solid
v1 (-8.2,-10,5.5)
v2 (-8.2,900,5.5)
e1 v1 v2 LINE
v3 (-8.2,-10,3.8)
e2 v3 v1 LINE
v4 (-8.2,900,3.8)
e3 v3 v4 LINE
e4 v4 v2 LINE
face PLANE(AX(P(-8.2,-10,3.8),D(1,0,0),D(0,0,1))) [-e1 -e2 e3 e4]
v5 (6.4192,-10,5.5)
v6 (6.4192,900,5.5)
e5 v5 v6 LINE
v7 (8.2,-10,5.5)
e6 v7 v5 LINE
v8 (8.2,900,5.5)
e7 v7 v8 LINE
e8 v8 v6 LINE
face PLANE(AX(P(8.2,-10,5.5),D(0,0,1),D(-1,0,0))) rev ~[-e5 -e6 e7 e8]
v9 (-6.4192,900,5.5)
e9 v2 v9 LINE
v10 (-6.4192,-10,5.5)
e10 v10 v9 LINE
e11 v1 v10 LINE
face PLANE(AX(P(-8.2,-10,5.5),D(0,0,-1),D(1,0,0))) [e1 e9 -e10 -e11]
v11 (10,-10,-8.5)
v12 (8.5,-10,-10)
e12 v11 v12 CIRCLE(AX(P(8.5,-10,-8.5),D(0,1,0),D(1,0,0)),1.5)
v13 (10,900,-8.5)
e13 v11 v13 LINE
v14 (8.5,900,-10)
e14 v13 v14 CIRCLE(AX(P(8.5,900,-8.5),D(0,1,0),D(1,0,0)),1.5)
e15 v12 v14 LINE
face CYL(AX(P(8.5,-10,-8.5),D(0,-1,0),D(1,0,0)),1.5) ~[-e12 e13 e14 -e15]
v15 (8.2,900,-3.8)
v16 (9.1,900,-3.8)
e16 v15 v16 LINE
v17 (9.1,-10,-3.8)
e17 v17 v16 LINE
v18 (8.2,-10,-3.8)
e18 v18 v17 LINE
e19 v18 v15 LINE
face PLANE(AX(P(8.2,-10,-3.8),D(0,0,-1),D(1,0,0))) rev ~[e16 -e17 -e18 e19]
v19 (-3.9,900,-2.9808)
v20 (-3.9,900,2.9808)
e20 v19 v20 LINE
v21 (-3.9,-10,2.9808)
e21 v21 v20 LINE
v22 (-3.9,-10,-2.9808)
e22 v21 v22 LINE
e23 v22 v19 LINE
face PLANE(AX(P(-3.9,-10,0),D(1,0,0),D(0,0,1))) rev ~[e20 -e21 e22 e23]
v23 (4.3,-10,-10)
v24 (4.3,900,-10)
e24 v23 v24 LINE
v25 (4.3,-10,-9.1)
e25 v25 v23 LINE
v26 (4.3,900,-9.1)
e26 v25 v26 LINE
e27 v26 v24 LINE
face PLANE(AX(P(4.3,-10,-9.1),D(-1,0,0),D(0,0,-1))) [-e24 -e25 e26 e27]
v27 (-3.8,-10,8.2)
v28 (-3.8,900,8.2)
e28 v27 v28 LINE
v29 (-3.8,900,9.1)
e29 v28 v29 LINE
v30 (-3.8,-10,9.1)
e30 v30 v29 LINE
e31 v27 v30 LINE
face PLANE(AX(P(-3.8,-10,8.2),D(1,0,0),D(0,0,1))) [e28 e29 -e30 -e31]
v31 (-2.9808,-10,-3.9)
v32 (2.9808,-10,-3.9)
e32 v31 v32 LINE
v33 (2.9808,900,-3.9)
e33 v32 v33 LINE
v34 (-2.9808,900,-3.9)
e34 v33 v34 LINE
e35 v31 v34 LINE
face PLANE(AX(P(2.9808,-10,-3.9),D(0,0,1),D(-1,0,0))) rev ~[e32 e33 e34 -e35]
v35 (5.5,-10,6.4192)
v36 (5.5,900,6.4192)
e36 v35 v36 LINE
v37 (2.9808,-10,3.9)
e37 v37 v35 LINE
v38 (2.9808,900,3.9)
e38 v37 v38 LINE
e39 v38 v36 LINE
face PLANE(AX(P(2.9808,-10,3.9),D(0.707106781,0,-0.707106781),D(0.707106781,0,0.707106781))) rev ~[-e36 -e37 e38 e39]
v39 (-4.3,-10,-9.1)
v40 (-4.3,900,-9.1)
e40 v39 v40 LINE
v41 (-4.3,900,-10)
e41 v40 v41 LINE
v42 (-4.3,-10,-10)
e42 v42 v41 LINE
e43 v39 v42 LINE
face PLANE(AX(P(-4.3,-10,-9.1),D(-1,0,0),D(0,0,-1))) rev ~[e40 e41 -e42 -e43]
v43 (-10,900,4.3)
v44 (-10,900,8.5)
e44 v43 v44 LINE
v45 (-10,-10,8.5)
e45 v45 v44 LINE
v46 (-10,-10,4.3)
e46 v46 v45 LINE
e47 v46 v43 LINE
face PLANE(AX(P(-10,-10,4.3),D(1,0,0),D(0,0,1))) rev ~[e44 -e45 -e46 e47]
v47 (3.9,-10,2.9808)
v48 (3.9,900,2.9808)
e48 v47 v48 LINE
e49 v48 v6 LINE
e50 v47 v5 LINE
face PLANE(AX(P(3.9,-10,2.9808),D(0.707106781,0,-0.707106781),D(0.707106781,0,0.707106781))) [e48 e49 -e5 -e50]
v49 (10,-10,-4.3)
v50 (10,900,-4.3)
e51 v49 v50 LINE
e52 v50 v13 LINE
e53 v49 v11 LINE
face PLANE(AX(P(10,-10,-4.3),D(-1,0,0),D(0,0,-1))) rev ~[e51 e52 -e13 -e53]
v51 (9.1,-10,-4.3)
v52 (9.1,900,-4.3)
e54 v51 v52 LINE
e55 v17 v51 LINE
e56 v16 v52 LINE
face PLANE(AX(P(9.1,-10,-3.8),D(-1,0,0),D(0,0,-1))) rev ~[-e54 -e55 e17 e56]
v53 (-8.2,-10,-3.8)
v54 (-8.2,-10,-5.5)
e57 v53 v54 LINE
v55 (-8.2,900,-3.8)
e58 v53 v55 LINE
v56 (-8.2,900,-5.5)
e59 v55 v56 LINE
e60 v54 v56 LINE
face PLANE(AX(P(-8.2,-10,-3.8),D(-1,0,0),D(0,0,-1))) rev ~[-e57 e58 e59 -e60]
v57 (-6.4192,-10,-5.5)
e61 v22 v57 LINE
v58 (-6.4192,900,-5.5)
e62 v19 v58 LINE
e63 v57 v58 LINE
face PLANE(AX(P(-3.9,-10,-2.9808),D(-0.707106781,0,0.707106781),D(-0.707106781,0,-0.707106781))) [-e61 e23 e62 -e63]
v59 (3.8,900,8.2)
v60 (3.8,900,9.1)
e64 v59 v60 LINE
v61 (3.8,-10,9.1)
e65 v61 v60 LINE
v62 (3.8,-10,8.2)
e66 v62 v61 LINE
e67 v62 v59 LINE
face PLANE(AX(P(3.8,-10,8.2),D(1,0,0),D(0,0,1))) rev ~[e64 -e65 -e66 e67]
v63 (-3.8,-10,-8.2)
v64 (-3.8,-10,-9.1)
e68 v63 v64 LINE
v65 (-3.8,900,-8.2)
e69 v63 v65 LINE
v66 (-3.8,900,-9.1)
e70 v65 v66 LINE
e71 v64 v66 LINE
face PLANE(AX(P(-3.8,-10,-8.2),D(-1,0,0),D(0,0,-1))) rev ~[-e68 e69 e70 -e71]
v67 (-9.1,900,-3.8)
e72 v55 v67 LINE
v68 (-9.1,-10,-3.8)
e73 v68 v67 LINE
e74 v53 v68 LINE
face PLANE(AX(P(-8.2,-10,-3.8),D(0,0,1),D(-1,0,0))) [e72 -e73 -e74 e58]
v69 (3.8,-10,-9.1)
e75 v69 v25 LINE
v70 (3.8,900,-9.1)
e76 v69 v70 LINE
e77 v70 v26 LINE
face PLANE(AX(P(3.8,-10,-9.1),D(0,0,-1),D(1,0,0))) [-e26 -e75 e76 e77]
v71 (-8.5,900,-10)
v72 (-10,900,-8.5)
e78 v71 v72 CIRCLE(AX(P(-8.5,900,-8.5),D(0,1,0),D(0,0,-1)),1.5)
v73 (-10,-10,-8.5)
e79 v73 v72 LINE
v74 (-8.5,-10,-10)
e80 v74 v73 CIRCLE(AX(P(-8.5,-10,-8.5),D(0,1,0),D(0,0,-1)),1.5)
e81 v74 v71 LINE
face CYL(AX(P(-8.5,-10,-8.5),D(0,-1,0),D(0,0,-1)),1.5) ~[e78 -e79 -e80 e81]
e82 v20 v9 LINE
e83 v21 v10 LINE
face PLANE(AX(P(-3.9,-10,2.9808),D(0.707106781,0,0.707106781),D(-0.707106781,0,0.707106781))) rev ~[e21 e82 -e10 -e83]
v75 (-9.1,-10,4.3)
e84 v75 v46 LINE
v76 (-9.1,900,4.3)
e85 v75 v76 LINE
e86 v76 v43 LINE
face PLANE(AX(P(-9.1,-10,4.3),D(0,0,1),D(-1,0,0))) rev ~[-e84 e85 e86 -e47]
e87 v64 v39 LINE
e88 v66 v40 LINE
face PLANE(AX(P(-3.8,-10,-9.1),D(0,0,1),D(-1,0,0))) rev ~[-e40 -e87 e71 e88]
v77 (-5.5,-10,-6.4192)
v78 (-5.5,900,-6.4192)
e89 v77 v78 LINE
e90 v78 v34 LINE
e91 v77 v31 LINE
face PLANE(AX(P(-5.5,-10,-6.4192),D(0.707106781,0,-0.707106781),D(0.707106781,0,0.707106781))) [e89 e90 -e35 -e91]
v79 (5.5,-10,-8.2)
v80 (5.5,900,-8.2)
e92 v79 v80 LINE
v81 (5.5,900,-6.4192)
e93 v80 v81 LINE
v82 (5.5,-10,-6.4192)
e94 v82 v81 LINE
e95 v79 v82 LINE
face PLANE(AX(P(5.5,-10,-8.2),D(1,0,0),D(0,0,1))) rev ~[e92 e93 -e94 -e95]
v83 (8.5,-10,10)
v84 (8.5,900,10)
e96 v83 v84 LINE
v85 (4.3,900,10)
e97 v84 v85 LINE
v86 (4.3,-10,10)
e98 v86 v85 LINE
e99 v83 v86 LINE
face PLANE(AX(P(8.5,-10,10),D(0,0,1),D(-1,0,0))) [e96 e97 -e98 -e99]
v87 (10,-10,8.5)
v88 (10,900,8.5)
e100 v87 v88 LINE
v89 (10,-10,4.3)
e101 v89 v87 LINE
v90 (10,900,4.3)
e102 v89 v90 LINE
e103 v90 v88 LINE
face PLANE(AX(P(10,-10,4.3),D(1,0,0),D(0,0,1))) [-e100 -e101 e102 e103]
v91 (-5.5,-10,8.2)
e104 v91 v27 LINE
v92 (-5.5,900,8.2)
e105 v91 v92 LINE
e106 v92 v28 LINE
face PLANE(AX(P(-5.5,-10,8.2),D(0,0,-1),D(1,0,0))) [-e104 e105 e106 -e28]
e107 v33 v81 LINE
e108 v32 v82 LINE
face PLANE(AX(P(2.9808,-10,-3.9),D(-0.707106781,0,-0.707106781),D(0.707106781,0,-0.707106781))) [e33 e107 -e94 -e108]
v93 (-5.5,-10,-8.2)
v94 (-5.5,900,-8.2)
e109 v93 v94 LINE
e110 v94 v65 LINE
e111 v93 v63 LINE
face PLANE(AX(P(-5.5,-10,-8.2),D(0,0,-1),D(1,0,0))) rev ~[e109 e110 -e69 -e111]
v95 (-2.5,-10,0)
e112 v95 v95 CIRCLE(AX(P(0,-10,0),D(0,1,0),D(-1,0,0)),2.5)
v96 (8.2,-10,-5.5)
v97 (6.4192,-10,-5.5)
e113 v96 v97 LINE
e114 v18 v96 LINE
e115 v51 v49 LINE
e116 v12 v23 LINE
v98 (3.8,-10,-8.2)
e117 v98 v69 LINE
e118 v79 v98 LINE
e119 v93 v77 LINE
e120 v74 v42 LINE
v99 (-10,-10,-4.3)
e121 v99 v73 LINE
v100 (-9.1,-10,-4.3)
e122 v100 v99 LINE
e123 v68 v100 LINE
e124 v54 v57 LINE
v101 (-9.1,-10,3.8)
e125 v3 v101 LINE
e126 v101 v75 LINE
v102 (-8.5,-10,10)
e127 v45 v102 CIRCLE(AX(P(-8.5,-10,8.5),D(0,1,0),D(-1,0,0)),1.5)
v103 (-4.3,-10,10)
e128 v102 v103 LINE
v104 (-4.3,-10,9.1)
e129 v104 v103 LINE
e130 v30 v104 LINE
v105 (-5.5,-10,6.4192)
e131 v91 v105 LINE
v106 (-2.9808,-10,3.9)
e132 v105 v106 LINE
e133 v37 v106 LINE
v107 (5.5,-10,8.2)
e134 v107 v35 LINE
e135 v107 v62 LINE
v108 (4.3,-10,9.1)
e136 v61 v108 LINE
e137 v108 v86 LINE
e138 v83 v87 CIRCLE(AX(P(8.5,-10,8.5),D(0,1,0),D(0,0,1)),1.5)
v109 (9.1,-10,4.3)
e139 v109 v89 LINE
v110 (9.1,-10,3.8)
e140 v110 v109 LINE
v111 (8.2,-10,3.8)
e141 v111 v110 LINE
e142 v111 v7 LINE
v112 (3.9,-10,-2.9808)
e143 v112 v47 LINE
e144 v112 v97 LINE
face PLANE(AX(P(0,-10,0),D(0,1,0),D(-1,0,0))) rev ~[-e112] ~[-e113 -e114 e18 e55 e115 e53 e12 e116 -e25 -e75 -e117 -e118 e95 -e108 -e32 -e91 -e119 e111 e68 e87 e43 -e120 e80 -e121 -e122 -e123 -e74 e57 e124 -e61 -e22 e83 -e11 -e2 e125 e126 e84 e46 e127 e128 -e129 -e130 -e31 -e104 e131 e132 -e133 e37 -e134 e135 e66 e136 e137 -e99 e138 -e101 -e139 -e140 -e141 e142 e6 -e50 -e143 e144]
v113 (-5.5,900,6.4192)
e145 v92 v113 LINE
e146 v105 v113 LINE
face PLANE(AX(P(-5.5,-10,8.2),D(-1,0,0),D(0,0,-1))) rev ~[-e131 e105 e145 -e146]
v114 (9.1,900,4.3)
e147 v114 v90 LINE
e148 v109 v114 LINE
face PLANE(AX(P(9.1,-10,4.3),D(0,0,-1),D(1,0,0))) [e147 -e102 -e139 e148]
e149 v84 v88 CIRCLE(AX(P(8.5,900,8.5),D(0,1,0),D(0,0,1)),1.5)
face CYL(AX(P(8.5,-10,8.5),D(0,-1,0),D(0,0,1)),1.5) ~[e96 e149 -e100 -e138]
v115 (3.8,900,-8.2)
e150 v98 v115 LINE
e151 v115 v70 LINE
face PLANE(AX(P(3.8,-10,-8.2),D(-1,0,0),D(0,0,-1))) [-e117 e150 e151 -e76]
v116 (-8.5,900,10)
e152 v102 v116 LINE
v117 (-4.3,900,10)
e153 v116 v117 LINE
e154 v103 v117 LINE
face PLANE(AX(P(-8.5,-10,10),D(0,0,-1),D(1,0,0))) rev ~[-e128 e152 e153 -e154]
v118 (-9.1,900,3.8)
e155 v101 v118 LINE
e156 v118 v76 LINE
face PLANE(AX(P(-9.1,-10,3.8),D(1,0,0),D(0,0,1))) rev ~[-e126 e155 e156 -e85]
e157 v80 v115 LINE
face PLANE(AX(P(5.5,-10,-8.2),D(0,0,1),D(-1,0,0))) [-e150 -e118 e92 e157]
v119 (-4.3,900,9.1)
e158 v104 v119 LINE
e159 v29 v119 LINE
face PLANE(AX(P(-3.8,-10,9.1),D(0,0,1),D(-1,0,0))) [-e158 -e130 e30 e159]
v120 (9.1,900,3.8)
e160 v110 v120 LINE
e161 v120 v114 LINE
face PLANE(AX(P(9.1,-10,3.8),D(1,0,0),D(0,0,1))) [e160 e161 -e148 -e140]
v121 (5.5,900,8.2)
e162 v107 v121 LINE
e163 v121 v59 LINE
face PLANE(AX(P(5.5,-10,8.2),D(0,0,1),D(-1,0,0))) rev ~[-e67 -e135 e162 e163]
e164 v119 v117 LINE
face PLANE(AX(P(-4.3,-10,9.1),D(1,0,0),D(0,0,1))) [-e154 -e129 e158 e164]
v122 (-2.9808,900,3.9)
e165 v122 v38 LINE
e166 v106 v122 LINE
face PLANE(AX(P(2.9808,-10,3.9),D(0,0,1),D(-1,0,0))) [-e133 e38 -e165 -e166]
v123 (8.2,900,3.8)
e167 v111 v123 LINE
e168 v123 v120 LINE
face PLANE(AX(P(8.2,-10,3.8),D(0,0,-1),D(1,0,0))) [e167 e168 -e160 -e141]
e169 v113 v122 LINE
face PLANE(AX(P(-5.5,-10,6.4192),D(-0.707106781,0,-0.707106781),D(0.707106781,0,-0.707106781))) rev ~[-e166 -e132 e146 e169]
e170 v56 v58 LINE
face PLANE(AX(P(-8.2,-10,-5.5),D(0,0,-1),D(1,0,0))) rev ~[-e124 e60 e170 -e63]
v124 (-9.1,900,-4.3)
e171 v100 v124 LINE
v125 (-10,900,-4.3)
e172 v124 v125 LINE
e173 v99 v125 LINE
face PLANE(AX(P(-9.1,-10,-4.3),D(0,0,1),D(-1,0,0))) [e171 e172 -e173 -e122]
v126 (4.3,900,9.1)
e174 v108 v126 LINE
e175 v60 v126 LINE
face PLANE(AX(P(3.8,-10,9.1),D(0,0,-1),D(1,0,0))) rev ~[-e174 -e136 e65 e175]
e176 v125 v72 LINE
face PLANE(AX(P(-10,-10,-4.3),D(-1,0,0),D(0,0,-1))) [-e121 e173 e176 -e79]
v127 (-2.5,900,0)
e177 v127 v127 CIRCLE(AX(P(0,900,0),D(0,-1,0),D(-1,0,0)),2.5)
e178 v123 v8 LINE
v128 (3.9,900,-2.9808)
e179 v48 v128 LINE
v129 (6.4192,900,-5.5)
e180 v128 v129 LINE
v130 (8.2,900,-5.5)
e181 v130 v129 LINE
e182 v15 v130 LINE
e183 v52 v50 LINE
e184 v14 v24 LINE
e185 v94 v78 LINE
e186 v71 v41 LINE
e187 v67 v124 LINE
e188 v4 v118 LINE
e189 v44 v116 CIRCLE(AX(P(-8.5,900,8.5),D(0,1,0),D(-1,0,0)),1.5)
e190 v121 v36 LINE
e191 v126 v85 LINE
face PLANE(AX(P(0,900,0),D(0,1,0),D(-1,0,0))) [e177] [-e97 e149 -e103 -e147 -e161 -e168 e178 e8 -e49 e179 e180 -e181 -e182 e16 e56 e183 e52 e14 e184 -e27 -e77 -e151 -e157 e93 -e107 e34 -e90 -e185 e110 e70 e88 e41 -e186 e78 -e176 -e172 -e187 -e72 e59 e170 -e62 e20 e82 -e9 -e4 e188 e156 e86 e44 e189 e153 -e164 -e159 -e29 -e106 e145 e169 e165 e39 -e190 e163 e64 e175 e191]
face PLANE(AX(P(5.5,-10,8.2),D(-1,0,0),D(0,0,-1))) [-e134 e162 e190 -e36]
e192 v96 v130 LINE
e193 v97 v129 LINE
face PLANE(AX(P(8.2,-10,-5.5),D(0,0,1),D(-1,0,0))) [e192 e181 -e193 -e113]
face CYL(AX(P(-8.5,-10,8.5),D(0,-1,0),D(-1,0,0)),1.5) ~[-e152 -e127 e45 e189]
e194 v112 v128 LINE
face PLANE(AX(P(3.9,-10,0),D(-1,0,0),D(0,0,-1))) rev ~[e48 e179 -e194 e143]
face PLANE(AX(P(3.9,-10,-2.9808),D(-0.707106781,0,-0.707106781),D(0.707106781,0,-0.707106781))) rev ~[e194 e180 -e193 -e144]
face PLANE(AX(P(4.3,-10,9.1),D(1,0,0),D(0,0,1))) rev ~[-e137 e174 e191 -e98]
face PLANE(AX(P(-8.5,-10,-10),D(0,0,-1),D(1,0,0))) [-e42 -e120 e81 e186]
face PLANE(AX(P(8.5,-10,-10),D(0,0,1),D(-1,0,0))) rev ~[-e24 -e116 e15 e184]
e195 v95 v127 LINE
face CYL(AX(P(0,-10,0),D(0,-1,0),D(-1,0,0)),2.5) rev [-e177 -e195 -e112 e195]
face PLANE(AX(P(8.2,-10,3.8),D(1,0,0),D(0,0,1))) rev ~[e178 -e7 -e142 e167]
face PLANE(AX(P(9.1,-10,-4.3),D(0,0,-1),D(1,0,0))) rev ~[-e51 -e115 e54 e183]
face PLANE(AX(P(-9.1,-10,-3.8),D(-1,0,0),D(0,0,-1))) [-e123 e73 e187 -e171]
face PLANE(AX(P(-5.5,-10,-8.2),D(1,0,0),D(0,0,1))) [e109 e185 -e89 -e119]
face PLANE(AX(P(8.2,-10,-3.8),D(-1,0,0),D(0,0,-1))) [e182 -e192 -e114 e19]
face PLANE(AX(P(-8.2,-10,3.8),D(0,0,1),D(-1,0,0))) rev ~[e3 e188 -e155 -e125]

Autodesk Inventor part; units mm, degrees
ref_plane "起始平面" through (0, -10, 0) normal (0, 1, 0) x (-1, 0, 0)
ref_plane "终止平面" through (0, 900, 0) normal (0, 1, 0) x (-1, 0, 0)
sketch "草图" plane through (0, 0, 0) normal (0, 1, 0) x (-1, 0, 0)
  line L0 (-9.1, 10.0192) -> (-9.101, 10.0203)
  line L1 (-10, 10) -> (-9.5607, 9.5607) construction
  arc A0 (-8.5, 10) -> (-10, 8.5) centre (-8.5, 8.5) ccw
  circle A1 centre (0, 0) radius 2.5
  line L2 (-2.9808, 3.9) -> (0, 3.9)
  line L3 (-3.9, 0) -> (-3.9, 2.9808)
  line L4 (-2.5, 0) -> (-3.1, 0)
  line L5 (2.9808, 3.9) -> (0, 3.9)
  circle A2 centre (0, 0) radius 2.5
  circle A3 centre (0, 0) radius 2.5
  circle A4 centre (0, 0) radius 2.5
  line L6 (0, 16.3557) -> (0, -12.0006)
  line L7 (-4.3, 9.1) -> (-4.3, 10)
  line L8 (2.9808, -3.9) -> (0, -3.9)
  line L9 (-3.9, 0) -> (-3.9, -2.9808)
  line L10 (3.9, 0) -> (3.9, -2.9808)
  line L11 (-2.9808, -3.9) -> (-5.5, -6.4192)
  line L12 (-2.9808, -3.9) -> (0, -3.9)
  line L13 (3.8, -8.2) -> (3.8, -9.1)
  line L14 (5.5, -6.4192) -> (2.9808, -3.9)
  line L15 (3.8, -9.1) -> (4.3, -9.1)
  line L16 (5.5, -8.2) -> (3.8, -8.2)
  line L17 (5.5, -8.2) -> (5.5, -6.4192)
  line L18 (3.9, -2.9808) -> (6.4192, -5.5)
  line L19 (8.2, -3.8) -> (8.2, -5.5)
  line L20 (8.2, -5.5) -> (6.4192, -5.5)
  line L21 (8.2, -3.8) -> (9.1, -3.8)
  line L22 (9.1, -3.8) -> (9.1, -4.3)
  line L23 (9.1, -4.3) -> (10, -4.3)
  line L24 (10, -4.3) -> (10, -8.5)
  arc A5 (8.5, -10) -> (10, -8.5) centre (8.5, -8.5) ccw
  line L25 (8.5, -10) -> (4.3, -10)
  line L26 (4.3, -9.1) -> (4.3, -10)
  line L27 (5.5, 6.4192) -> (2.9808, 3.9)
  line L28 (3.9, 2.9808) -> (6.4192, 5.5)
  line L29 (10, 4.3) -> (10, 8.5)
  line L30 (3.9, 0) -> (3.9, 2.9808)
  line L31 (5.5, 8.2) -> (5.5, 6.4192)
  line L32 (5.5, 8.2) -> (3.8, 8.2)
  line L33 (4.3, 9.1) -> (4.3, 10)
  arc A6 (10, 8.5) -> (8.5, 10) centre (8.5, 8.5) ccw
  line L34 (8.5, 10) -> (4.3, 10)
  line L35 (8.2, 3.8) -> (9.1, 3.8)
  line L36 (9.1, 4.3) -> (10, 4.3)
  line L37 (9.1, 3.8) -> (9.1, 4.3)
  line L38 (8.2, 3.8) -> (8.2, 5.5)
  line L39 (8.2, 5.5) -> (6.4192, 5.5)
  line L40 (3.8, 8.2) -> (3.8, 9.1)
  line L41 (3.8, 9.1) -> (4.3, 9.1)
  line L42 (-10, 4.3) -> (-10, 8.5)
  line L43 (-8.5, 10) -> (-4.3, 10)
  line L44 (-9.1, 4.3) -> (-10, 4.3)
  line L45 (-9.1, 3.8) -> (-9.1, 4.3)
  line L46 (-8.2, 3.8) -> (-9.1, 3.8)
  line L47 (-8.2, 5.5) -> (-6.4192, 5.5)
  line L48 (-8.2, 3.8) -> (-8.2, 5.5)
  line L49 (-5.5, 8.2) -> (-5.5, 6.4192)
  line L50 (-3.8, 9.1) -> (-4.3, 9.1)
  line L51 (-3.8, 8.2) -> (-3.8, 9.1)
  line L52 (-5.5, 8.2) -> (-3.8, 8.2)
  line L53 (-3.9, 2.9808) -> (-6.4192, 5.5)
  line L54 (-2.9808, 3.9) -> (-5.5, 6.4192)
  line L55 (-5.5, -8.2) -> (-3.8, -8.2)
  line L56 (-5.5, -8.2) -> (-5.5, -6.4192)
  line L57 (-3.9, -2.9808) -> (-6.4192, -5.5)
  line L58 (-3.8, -8.2) -> (-3.8, -9.1)
  line L59 (-3.8, -9.1) -> (-4.3, -9.1)
  line L60 (-4.3, -9.1) -> (-4.3, -10)
  line L61 (-8.2, -5.5) -> (-6.4192, -5.5)
  line L62 (-8.2, -3.8) -> (-9.1, -3.8)
  line L63 (-9.1, -3.8) -> (-9.1, -4.3)
  line L64 (-8.5, -10) -> (-4.3, -10)
  line L65 (-9.1, -4.3) -> (-10, -4.3)
  line L66 (-10, -4.3) -> (-10, -8.5)
  arc A7 (-10, -8.5) -> (-8.5, -10) centre (-8.5, -8.5) ccw
  line L67 (-8.2, -3.8) -> (-8.2, -5.5)
  dimension "圆角" = 1.5
  dimension "宽度" = 20
extrude "实体" add sketch "草图" along normal up to surface (910 mm away) from surface at -10 contours L43 L7 L50 L51 L52 L49 L54 L2 L6 A1 L12 L11 L56 L55 L58 L59 L60 L64 A7 L66 L65 L63 L62 L67 L61 L57 L9 L3 L53 L47 L48 L46 L45 L44 L42 A0 | L5 L27 L31 L32 L40 L41 L33 L34 A6 L29 L36 L37 L35 L38 L39 L28 L30 L10 L18 L20 L19 L21 L22 L23 L24 A5 L25 L26 L15 L13 L16 L17 L14 L8 L6 A1
sketch "草图2" plane through (0, 0, 0) normal (0, 1, 0) x (-1, 0, 0)
  line L0 (0, 0) -> (10, 0)
ref_plane "工作平面3" through (0, 0, 0) normal (0, 0, -1) x (-1, 0, 0)
sketch "草图3" plane through (0, 0, 0) normal (0, 0, -1) x (-1, 0, 0)
  line L0 (-2, -10) -> (12, -10)
  line L1 (-2, 900) -> (12, 900)
  dimension "d11" = 910
ref_plane "工作平面4" through (4.3, -10, 0) normal (0, -1, 0) x (1, 0, 0)
split "分割1" plane through (4.3, -10, 0) removes the side toward (0, -1, 0)
equation "\"G_OFFSET_END\" = 0"
equation "\"G_L\" = d11"
properties part number "欧标 2020铝合金钢材-01"
